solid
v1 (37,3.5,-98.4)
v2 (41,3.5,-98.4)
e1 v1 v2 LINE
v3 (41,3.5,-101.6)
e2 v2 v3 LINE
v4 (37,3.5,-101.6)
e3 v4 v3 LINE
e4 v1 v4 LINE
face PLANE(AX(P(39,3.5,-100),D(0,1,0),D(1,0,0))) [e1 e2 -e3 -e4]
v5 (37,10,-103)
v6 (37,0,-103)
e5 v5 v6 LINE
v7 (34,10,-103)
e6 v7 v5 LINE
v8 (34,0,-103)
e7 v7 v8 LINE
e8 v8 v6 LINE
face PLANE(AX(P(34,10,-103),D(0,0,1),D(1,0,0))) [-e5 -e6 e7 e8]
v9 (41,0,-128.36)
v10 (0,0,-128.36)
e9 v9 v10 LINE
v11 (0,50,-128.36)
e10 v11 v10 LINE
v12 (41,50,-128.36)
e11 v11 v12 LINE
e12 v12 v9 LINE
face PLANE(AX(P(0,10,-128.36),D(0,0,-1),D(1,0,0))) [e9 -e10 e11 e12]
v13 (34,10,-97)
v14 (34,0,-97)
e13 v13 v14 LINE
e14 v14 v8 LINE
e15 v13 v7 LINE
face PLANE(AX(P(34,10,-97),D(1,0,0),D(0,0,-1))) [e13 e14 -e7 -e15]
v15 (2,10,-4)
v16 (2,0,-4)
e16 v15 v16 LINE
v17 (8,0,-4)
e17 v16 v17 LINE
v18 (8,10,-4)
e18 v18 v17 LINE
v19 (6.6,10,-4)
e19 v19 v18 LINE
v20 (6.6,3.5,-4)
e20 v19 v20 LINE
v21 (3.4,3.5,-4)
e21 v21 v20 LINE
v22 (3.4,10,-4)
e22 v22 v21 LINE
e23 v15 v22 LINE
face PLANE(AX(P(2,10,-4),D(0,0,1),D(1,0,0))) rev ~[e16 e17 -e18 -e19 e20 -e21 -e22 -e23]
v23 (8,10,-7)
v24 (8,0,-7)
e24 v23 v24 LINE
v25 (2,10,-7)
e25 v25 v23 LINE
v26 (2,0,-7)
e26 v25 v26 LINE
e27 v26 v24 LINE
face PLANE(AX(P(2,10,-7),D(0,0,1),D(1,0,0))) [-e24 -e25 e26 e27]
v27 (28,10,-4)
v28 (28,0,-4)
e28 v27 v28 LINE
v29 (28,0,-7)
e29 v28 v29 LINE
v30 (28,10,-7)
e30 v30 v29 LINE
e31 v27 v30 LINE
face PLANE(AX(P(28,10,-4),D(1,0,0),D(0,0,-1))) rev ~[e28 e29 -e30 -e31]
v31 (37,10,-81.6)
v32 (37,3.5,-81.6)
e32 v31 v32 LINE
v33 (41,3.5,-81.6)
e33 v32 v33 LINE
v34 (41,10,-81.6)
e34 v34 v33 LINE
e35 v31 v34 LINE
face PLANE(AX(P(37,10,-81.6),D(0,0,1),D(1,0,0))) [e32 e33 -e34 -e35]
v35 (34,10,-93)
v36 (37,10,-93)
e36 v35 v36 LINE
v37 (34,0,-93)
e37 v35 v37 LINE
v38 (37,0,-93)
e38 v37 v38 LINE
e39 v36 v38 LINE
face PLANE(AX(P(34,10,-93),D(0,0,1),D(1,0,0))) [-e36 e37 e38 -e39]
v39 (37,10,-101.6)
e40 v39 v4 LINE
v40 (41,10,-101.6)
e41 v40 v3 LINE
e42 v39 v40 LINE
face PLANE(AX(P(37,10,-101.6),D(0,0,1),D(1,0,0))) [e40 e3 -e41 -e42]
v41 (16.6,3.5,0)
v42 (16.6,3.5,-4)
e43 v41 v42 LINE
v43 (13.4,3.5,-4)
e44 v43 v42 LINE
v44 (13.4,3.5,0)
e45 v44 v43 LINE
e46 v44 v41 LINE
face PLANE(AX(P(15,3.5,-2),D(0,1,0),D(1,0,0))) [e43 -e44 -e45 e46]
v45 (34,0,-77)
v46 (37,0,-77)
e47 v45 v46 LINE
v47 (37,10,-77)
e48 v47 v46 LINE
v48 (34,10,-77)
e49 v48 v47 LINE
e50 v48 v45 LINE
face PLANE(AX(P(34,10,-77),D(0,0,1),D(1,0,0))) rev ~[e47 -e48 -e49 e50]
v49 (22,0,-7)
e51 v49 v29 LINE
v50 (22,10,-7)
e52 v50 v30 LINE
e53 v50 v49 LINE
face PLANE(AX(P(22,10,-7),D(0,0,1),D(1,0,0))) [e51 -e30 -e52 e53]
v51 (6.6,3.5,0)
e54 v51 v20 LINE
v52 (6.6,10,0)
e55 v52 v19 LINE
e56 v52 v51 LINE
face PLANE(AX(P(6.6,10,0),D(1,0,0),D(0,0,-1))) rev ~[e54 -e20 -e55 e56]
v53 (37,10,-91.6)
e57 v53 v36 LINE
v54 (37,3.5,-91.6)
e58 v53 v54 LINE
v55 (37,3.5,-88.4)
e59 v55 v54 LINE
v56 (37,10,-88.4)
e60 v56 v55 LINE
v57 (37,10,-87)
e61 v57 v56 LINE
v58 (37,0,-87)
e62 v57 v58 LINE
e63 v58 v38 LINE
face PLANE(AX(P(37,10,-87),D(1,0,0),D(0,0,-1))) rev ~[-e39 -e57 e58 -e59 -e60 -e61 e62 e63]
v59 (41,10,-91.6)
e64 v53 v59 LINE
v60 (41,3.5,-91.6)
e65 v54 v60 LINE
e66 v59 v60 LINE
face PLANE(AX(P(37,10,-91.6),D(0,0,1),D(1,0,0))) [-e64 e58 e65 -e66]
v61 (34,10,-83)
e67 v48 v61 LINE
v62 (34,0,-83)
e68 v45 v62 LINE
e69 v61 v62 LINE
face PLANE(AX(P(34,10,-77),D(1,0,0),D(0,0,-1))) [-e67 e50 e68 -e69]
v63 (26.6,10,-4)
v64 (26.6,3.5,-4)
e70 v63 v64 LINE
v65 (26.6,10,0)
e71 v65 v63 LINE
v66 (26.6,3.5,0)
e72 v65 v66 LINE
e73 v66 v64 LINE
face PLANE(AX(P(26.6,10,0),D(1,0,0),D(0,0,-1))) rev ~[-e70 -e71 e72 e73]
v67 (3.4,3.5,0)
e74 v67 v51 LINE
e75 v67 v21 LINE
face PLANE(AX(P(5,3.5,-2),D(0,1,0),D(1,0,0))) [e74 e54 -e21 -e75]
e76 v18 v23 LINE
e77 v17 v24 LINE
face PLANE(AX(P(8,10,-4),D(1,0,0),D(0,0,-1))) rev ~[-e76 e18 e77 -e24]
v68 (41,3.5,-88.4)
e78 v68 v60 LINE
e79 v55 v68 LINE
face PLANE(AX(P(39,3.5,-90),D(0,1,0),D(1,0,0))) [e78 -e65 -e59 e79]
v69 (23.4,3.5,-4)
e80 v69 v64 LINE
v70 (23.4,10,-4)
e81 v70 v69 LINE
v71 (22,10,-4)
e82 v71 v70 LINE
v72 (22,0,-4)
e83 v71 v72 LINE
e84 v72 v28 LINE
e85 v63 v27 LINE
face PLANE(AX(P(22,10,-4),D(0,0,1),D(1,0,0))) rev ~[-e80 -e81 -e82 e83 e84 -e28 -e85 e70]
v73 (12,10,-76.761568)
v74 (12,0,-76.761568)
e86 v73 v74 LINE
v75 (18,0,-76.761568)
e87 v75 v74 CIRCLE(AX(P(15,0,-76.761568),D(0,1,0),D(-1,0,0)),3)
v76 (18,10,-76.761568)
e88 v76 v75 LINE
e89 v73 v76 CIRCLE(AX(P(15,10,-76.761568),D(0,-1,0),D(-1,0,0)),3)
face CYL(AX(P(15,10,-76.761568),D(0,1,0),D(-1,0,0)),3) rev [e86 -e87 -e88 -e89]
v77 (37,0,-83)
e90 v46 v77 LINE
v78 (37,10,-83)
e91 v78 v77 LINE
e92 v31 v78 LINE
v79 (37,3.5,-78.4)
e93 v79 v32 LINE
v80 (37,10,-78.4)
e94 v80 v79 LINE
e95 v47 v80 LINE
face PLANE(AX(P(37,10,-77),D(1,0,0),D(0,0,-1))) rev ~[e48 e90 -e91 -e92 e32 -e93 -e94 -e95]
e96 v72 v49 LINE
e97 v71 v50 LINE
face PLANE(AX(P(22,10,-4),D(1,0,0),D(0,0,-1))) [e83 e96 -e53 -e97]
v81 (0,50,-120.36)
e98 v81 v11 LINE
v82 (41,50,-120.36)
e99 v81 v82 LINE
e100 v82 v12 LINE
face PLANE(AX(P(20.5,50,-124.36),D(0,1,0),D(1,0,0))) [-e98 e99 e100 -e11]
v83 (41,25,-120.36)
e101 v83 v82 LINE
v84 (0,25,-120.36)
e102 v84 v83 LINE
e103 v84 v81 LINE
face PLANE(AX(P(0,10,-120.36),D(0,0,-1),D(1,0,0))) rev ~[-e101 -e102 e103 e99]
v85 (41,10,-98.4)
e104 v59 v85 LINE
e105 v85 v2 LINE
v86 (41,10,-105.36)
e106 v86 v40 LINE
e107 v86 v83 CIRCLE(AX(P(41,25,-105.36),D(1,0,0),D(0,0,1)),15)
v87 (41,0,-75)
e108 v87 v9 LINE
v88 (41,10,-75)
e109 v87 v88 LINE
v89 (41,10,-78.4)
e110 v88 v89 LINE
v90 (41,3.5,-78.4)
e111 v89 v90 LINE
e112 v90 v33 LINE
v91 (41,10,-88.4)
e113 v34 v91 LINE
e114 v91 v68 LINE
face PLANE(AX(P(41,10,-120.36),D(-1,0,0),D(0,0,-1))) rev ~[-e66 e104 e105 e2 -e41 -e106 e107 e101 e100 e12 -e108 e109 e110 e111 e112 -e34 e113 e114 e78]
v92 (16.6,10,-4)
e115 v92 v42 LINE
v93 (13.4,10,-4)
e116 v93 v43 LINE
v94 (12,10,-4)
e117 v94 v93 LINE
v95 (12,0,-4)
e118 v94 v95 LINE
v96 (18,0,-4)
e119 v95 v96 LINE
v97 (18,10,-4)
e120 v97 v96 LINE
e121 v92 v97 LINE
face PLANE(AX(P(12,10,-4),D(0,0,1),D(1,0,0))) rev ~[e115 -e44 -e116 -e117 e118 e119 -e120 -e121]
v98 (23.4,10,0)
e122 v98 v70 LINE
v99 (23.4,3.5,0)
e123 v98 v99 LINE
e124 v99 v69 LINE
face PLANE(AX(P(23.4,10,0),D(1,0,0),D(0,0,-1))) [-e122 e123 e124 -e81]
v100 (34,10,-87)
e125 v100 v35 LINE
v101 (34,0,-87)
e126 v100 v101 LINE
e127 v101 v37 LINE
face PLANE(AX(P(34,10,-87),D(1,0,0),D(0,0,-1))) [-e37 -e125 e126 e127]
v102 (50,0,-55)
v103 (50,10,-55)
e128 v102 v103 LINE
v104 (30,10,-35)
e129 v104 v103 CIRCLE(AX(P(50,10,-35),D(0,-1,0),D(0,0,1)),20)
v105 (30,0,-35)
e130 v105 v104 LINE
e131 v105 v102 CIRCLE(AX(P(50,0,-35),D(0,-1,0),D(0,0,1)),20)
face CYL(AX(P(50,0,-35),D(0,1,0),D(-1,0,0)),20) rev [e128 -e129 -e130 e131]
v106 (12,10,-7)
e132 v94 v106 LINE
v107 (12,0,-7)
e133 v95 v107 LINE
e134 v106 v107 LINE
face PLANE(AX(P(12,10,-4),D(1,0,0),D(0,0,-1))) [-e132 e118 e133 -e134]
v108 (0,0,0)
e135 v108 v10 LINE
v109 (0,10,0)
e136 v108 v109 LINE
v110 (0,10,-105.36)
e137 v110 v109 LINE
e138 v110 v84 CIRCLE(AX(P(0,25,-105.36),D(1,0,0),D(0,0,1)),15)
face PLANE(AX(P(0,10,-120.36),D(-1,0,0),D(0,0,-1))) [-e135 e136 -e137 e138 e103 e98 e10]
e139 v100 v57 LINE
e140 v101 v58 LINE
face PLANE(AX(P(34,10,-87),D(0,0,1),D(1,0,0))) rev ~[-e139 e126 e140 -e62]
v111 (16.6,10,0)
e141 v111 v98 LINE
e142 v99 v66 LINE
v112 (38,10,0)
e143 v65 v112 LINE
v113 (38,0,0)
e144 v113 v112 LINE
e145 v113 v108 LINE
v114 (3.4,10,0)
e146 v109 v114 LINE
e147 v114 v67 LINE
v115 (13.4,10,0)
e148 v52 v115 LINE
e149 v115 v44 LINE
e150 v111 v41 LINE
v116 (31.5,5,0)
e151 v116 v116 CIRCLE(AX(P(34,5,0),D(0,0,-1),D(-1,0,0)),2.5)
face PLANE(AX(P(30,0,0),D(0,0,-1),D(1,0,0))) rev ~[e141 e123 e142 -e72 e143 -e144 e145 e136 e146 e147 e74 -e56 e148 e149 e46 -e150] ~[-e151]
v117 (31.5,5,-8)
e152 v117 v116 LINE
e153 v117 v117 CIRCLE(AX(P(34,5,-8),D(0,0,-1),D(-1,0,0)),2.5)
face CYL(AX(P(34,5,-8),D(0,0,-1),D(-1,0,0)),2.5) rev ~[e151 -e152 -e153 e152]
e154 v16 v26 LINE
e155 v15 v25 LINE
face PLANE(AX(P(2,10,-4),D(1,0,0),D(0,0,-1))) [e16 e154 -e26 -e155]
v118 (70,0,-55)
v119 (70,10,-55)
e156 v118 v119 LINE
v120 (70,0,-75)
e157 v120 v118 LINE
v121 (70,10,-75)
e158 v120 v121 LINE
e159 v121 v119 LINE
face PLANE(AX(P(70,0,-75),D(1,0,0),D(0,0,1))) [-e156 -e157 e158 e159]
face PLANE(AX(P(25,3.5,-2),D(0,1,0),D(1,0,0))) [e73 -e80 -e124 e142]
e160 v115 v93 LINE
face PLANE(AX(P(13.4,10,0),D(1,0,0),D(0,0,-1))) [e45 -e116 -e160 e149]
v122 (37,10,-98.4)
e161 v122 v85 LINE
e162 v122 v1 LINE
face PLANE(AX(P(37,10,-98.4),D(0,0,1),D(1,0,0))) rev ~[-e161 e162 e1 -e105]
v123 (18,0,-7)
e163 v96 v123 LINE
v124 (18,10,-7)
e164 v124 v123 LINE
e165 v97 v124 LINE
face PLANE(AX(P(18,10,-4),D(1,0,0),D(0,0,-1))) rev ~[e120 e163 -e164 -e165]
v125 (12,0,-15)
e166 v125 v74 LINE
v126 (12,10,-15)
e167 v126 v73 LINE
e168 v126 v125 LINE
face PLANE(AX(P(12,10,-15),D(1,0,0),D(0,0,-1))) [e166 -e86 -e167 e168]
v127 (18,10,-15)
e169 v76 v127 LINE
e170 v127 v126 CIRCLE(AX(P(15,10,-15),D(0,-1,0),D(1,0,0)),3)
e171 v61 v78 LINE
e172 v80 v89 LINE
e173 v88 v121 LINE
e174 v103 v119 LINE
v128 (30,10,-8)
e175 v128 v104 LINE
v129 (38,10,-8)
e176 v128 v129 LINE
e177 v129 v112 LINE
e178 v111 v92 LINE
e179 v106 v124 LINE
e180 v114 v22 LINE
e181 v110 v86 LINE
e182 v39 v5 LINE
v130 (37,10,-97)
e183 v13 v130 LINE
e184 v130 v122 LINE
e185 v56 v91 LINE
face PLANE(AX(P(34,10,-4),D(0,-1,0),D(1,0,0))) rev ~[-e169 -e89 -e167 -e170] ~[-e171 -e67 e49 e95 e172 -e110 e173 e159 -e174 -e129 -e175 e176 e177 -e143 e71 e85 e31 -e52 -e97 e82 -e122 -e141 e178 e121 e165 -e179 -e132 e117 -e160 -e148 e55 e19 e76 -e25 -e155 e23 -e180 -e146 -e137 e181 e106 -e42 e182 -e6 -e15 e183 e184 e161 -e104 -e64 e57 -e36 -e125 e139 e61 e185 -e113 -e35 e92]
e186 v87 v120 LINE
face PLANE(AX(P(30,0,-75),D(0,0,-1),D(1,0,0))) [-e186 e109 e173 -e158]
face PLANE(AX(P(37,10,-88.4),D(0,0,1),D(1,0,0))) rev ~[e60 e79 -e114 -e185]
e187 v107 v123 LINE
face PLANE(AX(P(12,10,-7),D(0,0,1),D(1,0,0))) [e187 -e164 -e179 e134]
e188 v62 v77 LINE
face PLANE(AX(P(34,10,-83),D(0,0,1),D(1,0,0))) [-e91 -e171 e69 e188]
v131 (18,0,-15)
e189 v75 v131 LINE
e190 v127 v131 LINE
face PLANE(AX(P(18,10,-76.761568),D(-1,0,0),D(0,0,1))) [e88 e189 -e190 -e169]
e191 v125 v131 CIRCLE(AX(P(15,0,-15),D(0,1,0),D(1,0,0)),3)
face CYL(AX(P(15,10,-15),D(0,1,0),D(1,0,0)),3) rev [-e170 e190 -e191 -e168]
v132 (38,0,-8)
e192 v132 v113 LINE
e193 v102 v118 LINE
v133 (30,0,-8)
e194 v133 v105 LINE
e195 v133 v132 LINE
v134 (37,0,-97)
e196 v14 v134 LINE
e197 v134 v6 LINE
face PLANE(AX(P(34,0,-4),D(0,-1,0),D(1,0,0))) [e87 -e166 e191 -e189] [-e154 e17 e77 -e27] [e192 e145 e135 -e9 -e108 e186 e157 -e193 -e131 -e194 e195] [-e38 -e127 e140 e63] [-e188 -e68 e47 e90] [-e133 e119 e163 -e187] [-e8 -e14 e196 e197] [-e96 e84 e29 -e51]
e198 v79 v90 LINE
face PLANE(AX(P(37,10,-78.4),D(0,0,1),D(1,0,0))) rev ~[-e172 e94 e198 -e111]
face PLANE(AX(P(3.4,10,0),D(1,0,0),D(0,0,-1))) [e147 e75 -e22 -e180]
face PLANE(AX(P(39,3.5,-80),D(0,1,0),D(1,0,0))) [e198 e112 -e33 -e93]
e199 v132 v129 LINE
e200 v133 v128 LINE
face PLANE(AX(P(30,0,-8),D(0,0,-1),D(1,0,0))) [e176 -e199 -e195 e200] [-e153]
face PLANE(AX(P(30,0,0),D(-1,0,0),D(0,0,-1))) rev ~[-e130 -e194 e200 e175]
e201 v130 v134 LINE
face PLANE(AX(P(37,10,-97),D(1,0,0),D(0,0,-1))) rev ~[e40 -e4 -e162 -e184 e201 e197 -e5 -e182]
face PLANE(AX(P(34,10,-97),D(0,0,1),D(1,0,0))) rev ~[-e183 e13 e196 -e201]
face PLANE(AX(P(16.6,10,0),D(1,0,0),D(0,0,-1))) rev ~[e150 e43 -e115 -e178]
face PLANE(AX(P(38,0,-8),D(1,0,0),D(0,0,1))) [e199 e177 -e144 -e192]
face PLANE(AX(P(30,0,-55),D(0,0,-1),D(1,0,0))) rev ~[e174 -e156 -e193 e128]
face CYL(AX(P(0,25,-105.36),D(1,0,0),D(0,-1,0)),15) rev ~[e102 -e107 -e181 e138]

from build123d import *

# Parameters (mm, degrees)
EXTRUDE_1_DEPTH     = 10
CUT_EXTRUDE_3_DEPTH = 16
SKETCH_6_W          = 4
SKETCH_6_H          = 3.2
SKETCH_6_W_2        = 3.2
SKETCH_6_H_2        = 4
CUT_EXTRUDE_5_DEPTH = 6.5
SKETCH_7_W          = 6
SKETCH_7_H          = 3
SKETCH_7_W_2        = 3
SKETCH_7_H_2        = 6
CUT_EXTRUDE_6_DEPTH = 16.5
SKETCH_8_W          = 40
SKETCH_8_H          = 20
EXTRUDE_2_DEPTH     = 10
SKETCH_9_W          = 41
SKETCH_9_H          = 10
EXTRUDE_3_DEPTH     = 23.36
SKETCH_10_W         = 41
SKETCH_10_H         = 8
EXTRUDE_4_DEPTH     = 40
SKETCH_11_W         = 8
SKETCH_11_H         = 8
EXTRUDE_5_DEPTH     = 10
SKETCH_12_R         = 2.5
CUT_EXTRUDE_7_DEPTH = 10
FILLET_1_R          = 20
FILLET_2_R          = 15


with BuildPart() as part:
    # 草图1 → 凸台-拉伸1 (new body)
    with BuildSketch(Plane(origin=(0, 0, 0), x_dir=(1, 0, 0), z_dir=(0, 1, 0))):
        Polygon((0, 105), (0, 75), (0, 0), (30, 0), (30, 75), (41, 75), (41, 105), (30, 105), align=None)
    extrude(amount=EXTRUDE_1_DEPTH)

    # 草图4 → 切除-拉伸3 (cut)
    with BuildSketch(Plane(origin=(0, 10, 0), x_dir=(1, 0, 0), z_dir=(0, 1, 0))):
        with BuildLine():
            Line((12, 15), (12, 76.76156826))
            ThreePointArc((12, 76.76156826), (15, 79.76156826), (18, 76.76156826))
            Line((18, 76.76156826), (18, 15))
            ThreePointArc((18, 15), (15, 12), (12, 15))
        make_face()
    extrude(amount=-CUT_EXTRUDE_3_DEPTH, mode=Mode.SUBTRACT)

    # 草图6 → 切除-拉伸5 (cut)
    with BuildSketch(Plane(origin=(0, 10, 0), x_dir=(1, 0, 0), z_dir=(0, 1, 0))):
        with Locations((39, 100)):
            Rectangle(SKETCH_6_W, SKETCH_6_H)
        with Locations((5, 2)):
            Rectangle(SKETCH_6_W_2, SKETCH_6_H_2)
        with Locations((39, 90)):
            Rectangle(SKETCH_6_W, SKETCH_6_H)
        with Locations((39, 80)):
            Rectangle(SKETCH_6_W, SKETCH_6_H)
        with Locations((15, 2)):
            Rectangle(SKETCH_6_W_2, SKETCH_6_H_2)
        with Locations((25, 2)):
            Rectangle(SKETCH_6_W_2, SKETCH_6_H_2)
    extrude(amount=-CUT_EXTRUDE_5_DEPTH, mode=Mode.SUBTRACT)

    # 草图7 → 切除-拉伸6 (cut)
    with BuildSketch(Plane(origin=(0, 10, 0), x_dir=(1, 0, 0), z_dir=(0, 1, 0))):
        with Locations((5, 5.5)):
            Rectangle(SKETCH_7_W, SKETCH_7_H)
        with Locations((15, 5.5)):
            Rectangle(SKETCH_7_W, SKETCH_7_H)
        with Locations((25, 5.5)):
            Rectangle(SKETCH_7_W, SKETCH_7_H)
        with Locations((35.5, 100)):
            Rectangle(SKETCH_7_W_2, SKETCH_7_H_2)
        with Locations((35.5, 90)):
            Rectangle(SKETCH_7_W_2, SKETCH_7_H_2)
        with Locations((35.5, 80)):
            Rectangle(SKETCH_7_W_2, SKETCH_7_H_2)
    extrude(amount=-CUT_EXTRUDE_6_DEPTH, mode=Mode.SUBTRACT)

    # 草图8 → 凸台-拉伸2 (add)
    with BuildSketch(Plane.XZ):
        with Locations((50, -65)):
            Rectangle(SKETCH_8_W, SKETCH_8_H)
    extrude(amount=-EXTRUDE_2_DEPTH)

    # 草图9 → 凸台-拉伸3 (add)
    with BuildSketch(Plane(origin=(0, 0, -105), x_dir=(-1, 0, 0), z_dir=(0, 0, -1))):
        with Locations((-20.5, 5)):
            Rectangle(SKETCH_9_W, SKETCH_9_H)
    extrude(amount=EXTRUDE_3_DEPTH)

    # 草图10 → 凸台-拉伸4 (add)
    with BuildSketch(Plane(origin=(0, 10, 0), x_dir=(1, 0, 0), z_dir=(0, 1, 0))):
        with Locations((20.5, 124.36)):
            Rectangle(SKETCH_10_W, SKETCH_10_H)
    extrude(amount=EXTRUDE_4_DEPTH)

    # 草图11 → 凸台-拉伸5 (add)
    with BuildSketch(Plane.XZ):
        with Locations((34, -4)):
            Rectangle(SKETCH_11_W, SKETCH_11_H)
    extrude(amount=-EXTRUDE_5_DEPTH)

    # 草图12 → 切除-拉伸7 (cut)
    with BuildSketch(Plane(origin=(0, 0, -8), x_dir=(-1, 0, 0), z_dir=(0, 0, -1))):
        with Locations((-34, 5)):
            Circle(SKETCH_12_R)
    extrude(amount=-CUT_EXTRUDE_7_DEPTH, mode=Mode.SUBTRACT)

    # 圆角1
    fillet_1_edges = [part.edges().sort_by_distance(p)[0] for p in [
        (30, 5, -55),
    ]]
    fillet(fillet_1_edges, radius=FILLET_1_R)

    # 圆角2
    fillet_2_edges = [part.edges().sort_by_distance(p)[0] for p in [
        (20.5, 10, -120.36),
    ]]
    fillet(fillet_2_edges, radius=FILLET_2_R)


solid = part.part
